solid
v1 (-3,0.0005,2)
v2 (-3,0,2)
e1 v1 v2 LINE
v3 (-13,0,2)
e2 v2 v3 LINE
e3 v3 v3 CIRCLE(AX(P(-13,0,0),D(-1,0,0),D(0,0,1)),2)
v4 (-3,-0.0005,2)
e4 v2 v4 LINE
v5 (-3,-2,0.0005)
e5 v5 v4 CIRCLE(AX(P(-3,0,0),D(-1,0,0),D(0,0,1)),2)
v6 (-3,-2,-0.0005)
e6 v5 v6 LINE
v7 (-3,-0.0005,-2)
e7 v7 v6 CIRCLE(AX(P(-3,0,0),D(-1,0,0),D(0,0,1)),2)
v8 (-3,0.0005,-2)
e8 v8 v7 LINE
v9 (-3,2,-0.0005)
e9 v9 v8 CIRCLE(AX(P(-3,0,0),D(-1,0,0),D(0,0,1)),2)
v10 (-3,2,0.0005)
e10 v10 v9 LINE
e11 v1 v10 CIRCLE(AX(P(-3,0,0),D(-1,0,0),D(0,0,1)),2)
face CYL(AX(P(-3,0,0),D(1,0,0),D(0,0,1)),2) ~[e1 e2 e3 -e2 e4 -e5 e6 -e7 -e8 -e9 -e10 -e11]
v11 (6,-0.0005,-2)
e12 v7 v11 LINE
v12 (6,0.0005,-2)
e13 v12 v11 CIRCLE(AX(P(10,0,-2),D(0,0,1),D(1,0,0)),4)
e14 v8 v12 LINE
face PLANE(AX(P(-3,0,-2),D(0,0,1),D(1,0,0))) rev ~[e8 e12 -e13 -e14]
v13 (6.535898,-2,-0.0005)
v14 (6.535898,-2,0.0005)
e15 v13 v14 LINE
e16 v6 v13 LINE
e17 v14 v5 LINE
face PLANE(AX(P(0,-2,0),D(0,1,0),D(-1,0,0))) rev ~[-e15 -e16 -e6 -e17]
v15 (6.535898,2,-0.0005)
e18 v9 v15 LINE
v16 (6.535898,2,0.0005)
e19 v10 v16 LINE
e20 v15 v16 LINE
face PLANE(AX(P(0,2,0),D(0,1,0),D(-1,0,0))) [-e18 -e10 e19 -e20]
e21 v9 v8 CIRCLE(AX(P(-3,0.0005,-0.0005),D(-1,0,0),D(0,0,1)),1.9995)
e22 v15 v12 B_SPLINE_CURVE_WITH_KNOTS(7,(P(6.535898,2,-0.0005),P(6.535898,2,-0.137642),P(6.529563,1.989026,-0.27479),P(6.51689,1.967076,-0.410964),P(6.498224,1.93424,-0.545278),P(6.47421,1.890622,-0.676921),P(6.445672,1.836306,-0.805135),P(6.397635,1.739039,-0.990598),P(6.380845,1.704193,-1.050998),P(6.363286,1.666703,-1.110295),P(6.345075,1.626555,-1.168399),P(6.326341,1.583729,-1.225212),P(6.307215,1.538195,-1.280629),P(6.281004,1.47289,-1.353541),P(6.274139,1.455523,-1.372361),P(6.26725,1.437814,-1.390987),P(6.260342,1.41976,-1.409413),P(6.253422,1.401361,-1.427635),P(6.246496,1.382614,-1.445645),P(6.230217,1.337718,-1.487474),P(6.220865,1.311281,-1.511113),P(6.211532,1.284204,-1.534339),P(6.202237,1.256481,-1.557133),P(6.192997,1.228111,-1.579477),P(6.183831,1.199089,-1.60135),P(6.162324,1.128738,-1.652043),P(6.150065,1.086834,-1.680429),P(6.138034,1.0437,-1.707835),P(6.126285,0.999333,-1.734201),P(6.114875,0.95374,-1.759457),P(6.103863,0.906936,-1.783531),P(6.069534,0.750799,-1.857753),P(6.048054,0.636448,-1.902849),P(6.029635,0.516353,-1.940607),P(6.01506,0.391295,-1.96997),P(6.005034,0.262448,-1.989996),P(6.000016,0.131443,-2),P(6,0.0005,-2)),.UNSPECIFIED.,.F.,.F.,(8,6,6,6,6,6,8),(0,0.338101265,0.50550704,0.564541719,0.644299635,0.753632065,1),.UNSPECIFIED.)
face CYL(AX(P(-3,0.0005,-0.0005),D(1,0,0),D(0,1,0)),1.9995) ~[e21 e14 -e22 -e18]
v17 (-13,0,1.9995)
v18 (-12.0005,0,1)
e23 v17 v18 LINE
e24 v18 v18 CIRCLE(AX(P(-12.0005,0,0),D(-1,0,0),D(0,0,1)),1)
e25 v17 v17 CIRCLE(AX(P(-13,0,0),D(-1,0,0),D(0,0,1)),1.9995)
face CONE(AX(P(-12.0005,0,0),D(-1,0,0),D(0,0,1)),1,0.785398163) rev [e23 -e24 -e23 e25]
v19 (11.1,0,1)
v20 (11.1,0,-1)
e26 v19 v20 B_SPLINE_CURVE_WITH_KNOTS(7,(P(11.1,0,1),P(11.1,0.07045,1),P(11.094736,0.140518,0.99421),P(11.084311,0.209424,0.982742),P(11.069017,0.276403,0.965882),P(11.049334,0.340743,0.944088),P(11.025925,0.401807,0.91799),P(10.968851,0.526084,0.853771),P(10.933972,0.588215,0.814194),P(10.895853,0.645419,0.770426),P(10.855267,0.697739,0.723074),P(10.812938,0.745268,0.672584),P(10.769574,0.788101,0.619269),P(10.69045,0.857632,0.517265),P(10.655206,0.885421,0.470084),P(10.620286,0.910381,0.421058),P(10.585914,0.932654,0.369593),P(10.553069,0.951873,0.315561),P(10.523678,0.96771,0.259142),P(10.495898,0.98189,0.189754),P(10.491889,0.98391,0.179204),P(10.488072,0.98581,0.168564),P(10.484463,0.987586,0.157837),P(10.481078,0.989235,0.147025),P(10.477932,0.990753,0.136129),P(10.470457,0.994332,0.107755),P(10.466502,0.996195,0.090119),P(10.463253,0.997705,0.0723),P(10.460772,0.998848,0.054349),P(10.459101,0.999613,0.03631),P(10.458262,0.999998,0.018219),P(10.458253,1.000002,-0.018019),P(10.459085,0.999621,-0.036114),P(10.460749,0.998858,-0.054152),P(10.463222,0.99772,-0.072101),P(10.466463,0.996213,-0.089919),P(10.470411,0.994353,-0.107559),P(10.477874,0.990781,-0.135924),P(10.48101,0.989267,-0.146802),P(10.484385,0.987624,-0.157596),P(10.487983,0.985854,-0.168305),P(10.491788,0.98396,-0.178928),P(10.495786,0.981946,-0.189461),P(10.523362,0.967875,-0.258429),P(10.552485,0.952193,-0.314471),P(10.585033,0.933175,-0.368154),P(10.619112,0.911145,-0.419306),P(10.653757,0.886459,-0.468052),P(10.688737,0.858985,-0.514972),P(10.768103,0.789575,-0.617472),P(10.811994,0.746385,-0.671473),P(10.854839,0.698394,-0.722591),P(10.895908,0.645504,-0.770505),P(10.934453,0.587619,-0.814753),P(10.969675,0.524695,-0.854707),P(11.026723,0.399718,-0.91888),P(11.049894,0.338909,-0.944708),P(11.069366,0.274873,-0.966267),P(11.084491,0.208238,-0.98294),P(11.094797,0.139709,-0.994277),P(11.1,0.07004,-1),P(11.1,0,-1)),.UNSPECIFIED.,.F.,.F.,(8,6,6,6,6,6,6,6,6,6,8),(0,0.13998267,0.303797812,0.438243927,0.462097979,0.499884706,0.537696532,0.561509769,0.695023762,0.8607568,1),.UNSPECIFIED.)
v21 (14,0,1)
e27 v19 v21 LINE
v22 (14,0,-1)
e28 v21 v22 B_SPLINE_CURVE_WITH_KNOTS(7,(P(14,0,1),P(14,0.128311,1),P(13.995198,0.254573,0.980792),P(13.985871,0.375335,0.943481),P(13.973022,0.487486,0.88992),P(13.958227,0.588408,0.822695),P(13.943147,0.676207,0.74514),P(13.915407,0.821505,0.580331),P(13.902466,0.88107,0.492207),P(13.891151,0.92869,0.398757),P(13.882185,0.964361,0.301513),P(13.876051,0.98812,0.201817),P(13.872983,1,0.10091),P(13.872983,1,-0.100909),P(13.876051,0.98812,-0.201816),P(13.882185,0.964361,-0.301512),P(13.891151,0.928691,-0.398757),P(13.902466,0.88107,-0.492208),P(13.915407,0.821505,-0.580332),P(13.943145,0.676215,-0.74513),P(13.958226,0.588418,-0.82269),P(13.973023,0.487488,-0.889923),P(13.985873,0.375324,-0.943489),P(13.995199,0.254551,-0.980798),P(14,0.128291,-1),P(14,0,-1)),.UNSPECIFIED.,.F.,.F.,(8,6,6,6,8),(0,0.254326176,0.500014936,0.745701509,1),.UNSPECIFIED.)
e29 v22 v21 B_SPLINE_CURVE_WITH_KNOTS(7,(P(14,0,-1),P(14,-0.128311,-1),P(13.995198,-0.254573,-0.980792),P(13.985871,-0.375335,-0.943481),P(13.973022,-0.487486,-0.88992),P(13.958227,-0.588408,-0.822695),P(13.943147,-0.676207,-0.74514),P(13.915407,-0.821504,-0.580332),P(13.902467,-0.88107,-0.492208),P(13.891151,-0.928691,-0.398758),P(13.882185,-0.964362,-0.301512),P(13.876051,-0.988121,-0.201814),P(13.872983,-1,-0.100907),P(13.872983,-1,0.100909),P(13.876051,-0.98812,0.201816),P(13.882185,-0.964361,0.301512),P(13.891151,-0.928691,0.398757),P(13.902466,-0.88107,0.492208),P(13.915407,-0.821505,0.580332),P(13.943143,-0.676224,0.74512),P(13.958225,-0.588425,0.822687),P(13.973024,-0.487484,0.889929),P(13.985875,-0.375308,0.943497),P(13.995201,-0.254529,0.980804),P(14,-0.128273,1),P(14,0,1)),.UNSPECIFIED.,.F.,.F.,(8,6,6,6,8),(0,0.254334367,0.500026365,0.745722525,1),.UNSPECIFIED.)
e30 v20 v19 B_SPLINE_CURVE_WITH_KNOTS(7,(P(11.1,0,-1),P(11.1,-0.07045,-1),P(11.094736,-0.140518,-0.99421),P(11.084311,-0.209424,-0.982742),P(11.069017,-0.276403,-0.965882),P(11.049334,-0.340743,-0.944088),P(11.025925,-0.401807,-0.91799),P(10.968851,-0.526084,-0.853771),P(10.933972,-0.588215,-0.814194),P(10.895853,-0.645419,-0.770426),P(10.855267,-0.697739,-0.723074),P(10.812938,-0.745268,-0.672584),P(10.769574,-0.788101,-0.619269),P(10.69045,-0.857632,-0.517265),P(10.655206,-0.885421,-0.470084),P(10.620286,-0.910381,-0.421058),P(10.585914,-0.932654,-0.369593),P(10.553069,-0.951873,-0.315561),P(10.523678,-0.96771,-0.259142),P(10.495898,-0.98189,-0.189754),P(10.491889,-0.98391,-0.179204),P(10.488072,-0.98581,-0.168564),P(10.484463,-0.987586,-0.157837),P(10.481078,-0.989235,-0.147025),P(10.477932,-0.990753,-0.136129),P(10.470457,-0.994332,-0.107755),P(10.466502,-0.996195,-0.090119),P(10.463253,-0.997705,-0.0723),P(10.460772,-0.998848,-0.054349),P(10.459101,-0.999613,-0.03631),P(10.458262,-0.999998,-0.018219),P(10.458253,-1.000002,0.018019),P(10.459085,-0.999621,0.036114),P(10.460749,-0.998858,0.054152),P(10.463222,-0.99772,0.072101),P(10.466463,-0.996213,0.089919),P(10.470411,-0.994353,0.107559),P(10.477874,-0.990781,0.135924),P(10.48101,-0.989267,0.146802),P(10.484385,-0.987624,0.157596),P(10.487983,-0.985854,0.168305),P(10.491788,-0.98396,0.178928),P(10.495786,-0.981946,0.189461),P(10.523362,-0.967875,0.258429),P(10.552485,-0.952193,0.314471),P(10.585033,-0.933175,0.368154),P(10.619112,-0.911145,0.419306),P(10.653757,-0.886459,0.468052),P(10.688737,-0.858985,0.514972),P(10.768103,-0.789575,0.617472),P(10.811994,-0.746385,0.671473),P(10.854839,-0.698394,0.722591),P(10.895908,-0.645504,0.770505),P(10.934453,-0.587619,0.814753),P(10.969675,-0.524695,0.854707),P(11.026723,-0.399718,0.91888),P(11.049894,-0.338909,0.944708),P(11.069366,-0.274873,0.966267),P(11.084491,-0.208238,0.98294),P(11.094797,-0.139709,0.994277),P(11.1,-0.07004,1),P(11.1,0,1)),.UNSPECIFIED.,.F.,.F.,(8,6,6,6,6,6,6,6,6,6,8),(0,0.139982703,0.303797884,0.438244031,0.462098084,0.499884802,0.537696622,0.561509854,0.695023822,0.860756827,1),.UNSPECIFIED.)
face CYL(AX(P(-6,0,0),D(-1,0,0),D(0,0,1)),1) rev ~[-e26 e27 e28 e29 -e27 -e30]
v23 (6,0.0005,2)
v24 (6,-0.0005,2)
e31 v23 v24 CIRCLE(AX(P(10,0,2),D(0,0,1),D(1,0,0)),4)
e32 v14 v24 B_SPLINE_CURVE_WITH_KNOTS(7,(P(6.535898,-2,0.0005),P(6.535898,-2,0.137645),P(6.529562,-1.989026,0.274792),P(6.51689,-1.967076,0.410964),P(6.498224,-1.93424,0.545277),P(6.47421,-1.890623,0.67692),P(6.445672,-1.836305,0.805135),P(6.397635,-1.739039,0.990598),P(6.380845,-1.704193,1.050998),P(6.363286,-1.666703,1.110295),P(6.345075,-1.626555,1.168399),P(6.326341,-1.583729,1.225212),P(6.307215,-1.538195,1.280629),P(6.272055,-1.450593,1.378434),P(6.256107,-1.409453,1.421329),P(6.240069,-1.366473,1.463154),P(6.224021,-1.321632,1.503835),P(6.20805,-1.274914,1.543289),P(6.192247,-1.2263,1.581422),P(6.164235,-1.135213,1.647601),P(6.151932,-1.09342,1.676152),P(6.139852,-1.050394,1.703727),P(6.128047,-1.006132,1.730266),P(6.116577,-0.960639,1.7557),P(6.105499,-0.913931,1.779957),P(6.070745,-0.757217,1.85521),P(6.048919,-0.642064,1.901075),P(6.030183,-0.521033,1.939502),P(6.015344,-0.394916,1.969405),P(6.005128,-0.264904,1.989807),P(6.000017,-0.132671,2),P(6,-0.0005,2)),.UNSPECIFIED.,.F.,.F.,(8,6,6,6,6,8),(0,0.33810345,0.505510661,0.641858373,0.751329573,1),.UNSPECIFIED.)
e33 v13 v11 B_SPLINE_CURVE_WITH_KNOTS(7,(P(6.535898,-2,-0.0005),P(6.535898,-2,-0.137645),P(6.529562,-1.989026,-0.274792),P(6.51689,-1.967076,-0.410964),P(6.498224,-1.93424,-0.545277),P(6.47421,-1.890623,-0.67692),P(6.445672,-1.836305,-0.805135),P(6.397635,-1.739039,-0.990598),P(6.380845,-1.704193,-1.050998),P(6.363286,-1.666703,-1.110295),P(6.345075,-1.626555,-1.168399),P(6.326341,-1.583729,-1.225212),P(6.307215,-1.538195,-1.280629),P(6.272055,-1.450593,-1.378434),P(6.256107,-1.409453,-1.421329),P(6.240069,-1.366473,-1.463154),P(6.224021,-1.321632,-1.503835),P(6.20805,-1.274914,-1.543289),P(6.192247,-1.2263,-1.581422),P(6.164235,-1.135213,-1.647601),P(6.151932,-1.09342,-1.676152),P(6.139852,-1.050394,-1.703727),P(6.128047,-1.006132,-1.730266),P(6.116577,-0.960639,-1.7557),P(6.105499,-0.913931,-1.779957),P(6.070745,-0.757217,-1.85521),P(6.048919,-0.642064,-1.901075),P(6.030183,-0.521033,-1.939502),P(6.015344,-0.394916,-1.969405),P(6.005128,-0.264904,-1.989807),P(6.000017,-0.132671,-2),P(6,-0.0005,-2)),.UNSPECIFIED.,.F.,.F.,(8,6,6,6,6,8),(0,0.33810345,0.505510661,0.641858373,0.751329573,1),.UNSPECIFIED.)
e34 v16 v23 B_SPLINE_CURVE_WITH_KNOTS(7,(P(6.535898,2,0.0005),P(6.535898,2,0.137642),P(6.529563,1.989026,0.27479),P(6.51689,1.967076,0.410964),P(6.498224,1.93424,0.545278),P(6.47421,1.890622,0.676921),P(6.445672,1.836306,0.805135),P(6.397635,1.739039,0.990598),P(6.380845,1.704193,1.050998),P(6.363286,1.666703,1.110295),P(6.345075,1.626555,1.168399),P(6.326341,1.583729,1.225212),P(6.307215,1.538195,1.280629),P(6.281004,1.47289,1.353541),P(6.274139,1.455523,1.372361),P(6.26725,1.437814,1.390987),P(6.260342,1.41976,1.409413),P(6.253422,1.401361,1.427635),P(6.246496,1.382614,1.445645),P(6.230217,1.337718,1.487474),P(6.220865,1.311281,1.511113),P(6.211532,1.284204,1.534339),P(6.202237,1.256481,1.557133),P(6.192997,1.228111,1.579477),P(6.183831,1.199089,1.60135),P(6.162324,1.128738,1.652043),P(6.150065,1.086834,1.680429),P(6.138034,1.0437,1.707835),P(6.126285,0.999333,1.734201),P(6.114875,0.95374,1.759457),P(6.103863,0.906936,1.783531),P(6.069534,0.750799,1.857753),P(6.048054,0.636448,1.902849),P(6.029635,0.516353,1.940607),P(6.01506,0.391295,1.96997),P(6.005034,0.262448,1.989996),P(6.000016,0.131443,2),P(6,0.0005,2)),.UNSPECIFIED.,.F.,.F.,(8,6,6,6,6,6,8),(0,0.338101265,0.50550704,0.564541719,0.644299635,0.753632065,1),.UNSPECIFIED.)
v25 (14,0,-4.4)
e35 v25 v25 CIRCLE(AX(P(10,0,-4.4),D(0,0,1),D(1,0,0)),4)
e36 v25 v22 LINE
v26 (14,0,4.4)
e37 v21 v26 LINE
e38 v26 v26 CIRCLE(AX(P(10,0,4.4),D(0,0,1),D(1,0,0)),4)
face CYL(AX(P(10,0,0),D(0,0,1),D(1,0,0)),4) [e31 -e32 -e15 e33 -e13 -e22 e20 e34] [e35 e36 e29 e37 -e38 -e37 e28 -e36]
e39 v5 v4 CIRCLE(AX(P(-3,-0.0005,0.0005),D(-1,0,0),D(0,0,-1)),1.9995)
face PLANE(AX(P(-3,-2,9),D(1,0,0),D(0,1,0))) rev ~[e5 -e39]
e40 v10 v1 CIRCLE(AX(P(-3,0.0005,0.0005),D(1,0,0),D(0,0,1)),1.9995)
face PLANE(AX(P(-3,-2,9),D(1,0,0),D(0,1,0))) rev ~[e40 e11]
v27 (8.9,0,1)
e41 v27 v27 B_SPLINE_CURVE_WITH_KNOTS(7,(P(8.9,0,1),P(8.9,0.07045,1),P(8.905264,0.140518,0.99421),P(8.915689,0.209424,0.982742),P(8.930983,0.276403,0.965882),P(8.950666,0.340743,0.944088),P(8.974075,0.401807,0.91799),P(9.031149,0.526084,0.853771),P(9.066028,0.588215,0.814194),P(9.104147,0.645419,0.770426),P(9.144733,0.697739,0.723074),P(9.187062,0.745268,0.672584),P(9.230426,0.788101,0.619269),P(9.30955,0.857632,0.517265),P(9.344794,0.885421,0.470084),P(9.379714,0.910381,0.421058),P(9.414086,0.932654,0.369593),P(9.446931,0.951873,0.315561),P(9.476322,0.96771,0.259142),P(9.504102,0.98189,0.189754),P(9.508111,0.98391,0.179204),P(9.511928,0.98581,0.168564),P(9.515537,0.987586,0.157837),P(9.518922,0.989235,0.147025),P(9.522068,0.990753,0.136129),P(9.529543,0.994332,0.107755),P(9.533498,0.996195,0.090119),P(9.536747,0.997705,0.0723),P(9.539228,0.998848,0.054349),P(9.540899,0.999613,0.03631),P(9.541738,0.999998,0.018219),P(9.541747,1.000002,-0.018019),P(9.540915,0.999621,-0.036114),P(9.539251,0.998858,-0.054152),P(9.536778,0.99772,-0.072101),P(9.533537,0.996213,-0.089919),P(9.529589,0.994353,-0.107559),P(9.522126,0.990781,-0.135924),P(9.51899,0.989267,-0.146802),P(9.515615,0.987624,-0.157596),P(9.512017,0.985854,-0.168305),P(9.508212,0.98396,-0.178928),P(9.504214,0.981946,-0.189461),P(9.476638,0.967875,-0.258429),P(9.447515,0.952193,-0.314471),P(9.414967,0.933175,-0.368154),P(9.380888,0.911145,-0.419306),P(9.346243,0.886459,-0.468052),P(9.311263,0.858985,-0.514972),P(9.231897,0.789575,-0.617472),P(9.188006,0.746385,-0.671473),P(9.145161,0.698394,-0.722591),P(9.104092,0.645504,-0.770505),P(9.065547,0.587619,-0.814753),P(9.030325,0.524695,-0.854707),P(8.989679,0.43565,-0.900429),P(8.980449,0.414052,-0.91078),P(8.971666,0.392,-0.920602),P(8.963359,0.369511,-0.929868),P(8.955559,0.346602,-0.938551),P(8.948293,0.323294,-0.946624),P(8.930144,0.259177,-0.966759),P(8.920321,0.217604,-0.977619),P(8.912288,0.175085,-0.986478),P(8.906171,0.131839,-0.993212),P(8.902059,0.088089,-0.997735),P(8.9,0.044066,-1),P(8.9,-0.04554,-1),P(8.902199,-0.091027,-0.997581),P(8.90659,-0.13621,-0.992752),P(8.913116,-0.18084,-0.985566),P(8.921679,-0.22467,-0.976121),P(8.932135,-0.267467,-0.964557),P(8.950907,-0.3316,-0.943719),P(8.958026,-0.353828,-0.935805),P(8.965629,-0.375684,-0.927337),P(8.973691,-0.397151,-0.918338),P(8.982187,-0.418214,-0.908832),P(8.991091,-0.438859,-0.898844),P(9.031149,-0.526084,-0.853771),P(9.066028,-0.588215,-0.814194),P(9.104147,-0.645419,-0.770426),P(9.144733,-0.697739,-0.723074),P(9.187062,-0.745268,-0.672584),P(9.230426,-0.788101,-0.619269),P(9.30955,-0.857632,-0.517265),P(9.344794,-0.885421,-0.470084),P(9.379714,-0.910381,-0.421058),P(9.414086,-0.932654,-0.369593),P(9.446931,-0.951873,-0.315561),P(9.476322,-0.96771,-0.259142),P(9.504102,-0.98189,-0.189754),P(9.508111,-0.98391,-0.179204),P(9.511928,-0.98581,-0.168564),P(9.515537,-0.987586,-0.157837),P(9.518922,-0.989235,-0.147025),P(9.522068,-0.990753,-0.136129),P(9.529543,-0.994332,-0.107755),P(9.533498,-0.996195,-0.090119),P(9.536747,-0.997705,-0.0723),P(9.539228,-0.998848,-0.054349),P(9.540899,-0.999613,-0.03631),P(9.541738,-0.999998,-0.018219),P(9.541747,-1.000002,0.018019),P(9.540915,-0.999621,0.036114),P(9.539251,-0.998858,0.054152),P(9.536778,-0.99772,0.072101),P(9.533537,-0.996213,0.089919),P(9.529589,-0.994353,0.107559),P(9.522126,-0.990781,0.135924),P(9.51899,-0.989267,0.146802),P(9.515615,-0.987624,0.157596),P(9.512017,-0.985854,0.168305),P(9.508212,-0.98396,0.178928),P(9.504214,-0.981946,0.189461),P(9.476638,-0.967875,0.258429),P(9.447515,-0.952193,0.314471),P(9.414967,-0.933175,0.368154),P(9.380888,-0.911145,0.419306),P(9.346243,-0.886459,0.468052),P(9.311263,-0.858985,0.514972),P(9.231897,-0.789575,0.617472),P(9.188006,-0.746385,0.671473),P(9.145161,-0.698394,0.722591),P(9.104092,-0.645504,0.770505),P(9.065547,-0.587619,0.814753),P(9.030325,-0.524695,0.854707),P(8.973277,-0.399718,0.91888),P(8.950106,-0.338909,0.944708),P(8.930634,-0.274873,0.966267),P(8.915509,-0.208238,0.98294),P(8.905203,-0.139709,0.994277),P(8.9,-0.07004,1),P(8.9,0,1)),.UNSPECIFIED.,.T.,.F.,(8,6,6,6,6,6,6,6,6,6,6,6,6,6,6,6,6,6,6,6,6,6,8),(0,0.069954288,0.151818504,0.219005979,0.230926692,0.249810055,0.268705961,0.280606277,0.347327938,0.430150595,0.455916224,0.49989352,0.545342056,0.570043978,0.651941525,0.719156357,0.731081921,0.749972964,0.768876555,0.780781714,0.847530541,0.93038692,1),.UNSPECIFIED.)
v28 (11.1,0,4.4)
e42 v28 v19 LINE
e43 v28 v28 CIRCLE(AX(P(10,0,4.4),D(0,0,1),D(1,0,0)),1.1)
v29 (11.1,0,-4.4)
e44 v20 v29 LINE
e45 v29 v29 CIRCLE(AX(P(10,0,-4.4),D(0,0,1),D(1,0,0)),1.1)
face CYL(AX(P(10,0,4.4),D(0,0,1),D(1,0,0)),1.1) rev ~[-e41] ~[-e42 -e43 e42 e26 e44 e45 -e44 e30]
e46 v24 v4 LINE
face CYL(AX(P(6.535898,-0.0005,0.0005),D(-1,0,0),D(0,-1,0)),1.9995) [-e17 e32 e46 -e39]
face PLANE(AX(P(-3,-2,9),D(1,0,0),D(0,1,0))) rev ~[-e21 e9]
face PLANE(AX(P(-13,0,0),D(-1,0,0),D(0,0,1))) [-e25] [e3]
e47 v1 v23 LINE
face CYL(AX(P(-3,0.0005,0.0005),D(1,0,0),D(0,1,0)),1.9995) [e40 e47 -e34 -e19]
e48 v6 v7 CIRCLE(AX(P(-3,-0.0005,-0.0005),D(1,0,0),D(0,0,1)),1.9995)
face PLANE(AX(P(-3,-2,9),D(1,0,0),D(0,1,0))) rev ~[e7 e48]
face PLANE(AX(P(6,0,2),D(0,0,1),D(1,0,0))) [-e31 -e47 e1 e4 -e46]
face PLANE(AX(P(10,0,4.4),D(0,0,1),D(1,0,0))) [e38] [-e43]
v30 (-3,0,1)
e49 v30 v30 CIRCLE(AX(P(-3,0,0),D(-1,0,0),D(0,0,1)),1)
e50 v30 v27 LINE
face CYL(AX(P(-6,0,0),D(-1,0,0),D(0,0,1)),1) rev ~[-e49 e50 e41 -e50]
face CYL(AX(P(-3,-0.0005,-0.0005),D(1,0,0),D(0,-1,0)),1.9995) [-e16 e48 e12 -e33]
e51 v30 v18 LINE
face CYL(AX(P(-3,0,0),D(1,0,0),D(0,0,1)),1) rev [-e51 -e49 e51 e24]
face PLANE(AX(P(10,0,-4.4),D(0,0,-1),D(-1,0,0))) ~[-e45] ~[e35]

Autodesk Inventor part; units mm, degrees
ref_plane "YZ Plane" through (0, 0, 0) normal (1, 0, 0) x (0, 1, 0)
ref_plane "XZ Plane" through (0, 0, 0) normal (0, 1, 0) x (-1, 0, 0)
ref_plane "XY Plane" through (0, 0, 0) normal (0, 0, 1) x (1, 0, 0)
sketch "Sketch1" plane through (0, 0, 0) normal (0, 0, 1) x (1, 0, 0)
  circle A0 centre (-10, 0) radius 1
  circle A1 centre (10, 0) radius 1
  circle A2 centre (-10, 0) radius 4
  circle A3 centre (10, 0) radius 4
  point P0 (0, 0)
  dimension "d0" = 2
  dimension "d1" = 2
  dimension "d3" = 20
  dimension "d4" = 10
  dimension "d5" = 8
  dimension "d6" = 8
extrude "Extrusion1" add sketch "Sketch1" against normal mid plane 18
sketch "Sketch2" plane through (0, 0, 0) normal (0, 0, 1) x (1, 0, 0)
  circle A0 centre (-10, 0) radius 4 projected
  circle A1 centre (-10, 0) radius 1 projected
  point P0 (0, 0)
extrude "Extrusion2" cut sketch "Sketch2" against normal mid plane 9
sketch "Sketch3" plane through (-10, 0, -4.5) normal (0, 0, 1) x (1, 0, 0)
  circle A0 centre (20, 0) radius 4 projected
  circle A1 centre (20, 0) radius 4 projected
  circle A2 centre (20, 0) radius 1 projected
  point P0 (10, 0)
extrude "Extrusion3" cut sketch "Sketch3" against normal blind 4.5
mirror "Mirror1" about plane through (0, 0, 0) normal (0, 0, 1) of "Extrusion3"
sketch "Sketch6" plane through (0, 0, 0) normal (0, 1, 0) x (-1, 0, 0)
  line L0 (-6, -4.5) -> (-9, -4.5) construction
  line L1 (-9, -4.5) -> (-9, 4.5) construction
  line L2 (-9, 4.5) -> (-6, 4.5) construction
  line L3 (-6, 4.5) -> (-6, -4.5) construction
  line L4 (-11, -4.5) -> (-14, -4.5) construction
  line L5 (-14, -4.5) -> (-14, 4.5) construction
  line L6 (-14, 4.5) -> (-11, 4.5) construction
  line L7 (-11, 4.5) -> (-11, -4.5) construction
  line L8 (6, 9) -> (9, 9) construction
  line L9 (9, 9) -> (9, 4.5) construction
  line L10 (9, 4.5) -> (6, 4.5) construction
  line L11 (6, 4.5) -> (6, 9) construction
  line L12 (11, 9) -> (14, 9) construction
  line L13 (14, 9) -> (14, 4.5) construction
  line L14 (14, 4.5) -> (11, 4.5) construction
  line L15 (11, 4.5) -> (11, 9) construction
  line L16 (14, -9) -> (11, -9) construction
  line L17 (11, -9) -> (11, -4.5) construction
  line L18 (11, -4.5) -> (14, -4.5) construction
  line L19 (14, -4.5) -> (14, -9) construction
  line L20 (9, -9) -> (6, -9) construction
  line L21 (6, -9) -> (6, -4.5) construction
  line L22 (6, -4.5) -> (9, -4.5) construction
  line L23 (9, -4.5) -> (9, -9) construction
  line L24 (6, -9) -> (14, -9) construction
  line L25 (6, -9) -> (3, -9)
  line L26 (3, -9) -> (3, -2)
  line L27 (3, -2) -> (-6, -2)
  line L28 (-6, 4.5) -> (-6, -4.5) construction
  line L29 (-6, 2) -> (3, 2)
  line L30 (3, 2) -> (3, 9)
  line L31 (3, 9) -> (6, 9)
  line L32 (6, -4.5) -> (14, -4.5) construction
  line L33 (6, -4.5) -> (6, 4.5)
  line L34 (-6, -2) -> (-9, -2)
  line L35 (-9, -4.5) -> (-9, 4.5) projected
  line L36 (-6, 2) -> (-9, 2)
  line L37 (6, -9) -> (9, -9)
  line L38 (9, -4.5) -> (6, -4.5)
  line L39 (11, -4.5) -> (9, -4.5) projected
  line L40 (9, -4.5) -> (9, -9)
  line L41 (9, -9) -> (9, -4.5) projected
  line L42 (9, 4.5) -> (11, 4.5) projected
  line L43 (14, 4.5) -> (6, 4.5) projected
  line L44 (9, 4.5) -> (6, 4.5)
  line L45 (9, 9) -> (11, 9) projected
  line L46 (9, 4.5) -> (9, 9)
  line L47 (14, 9) -> (6, 9) projected
  line L48 (9, 9) -> (6, 9)
  point P0 (0, 0)
  dimension "d16" = 3
  dimension "d17" = 4
  dimension "d18" = 2
extrude "Extrusion4" add sketch "Sketch6" against normal mid plane 4
sketch "Sketch7" plane through (-6, -2, -4.5) normal (-1, 0, 0) x (0, 0, 1)
  circle A0 centre (4.5, 2) radius 1
  dimension "d21" = 2
extrude "Extrusion5" cut sketch "Sketch7" against normal blind 20
chamfer "Chamfer1" distance 1 angle 45 1 edges at (-6, 0, -1)
fillet "Fillet1" radius 2 4 edges at (1.7679, 2, 2) (1.7679, 2, -2) (1.7679, -2, -2) (1.7679, -2, 2)
sketch "Sketch9" plane through (0, 0, 9) normal (0, 0, 1) x (1, 0, 0)
  circle A0 centre (-10, 0) radius 1 projected
  circle A1 centre (-10, 0) radius 0.9
  point P0 (0, 0)
  dimension "d29" = 1.8
extrude "TREAD" add sketch "Sketch9" against normal up to surface (4.5 mm away)
sketch "Sketch11" plane through (10, 0, 4.5) normal (0, 0, 1) x (1, 0, 0)
  circle A0 centre (0, 0) radius 4 projected
  circle A1 centre (0, 0) radius 1 projected
  point P0 (-10, 0)
extrude "thin" cut sketch "Sketch11" against normal blind 0.1
mirror "Mirror2" about plane through (0, 0, 0) normal (0, 0, 1) of "thin"
sketch "Sketch12" plane through (10, 0, 4.4) normal (0, 0, 1) x (1, 0, 0)
  circle A0 centre (0, 0) radius 1 construction
  circle A1 centre (0, 0) radius 1.1
  point P0 (-10, 0)
  dimension "d34" = 2.2
extrude "Extrusion8" cut sketch "Sketch12" against normal up to surface (8.8 mm away)
sketch "Sketch13" plane through (0, 0, 9) normal (0, 0, 1) x (1, 0, 0)
  circle A0 centre (-10, 0) radius 0.9 projected
  arc A1 (-6.5359, 2) -> (-6.5359, -2) centre (-10, 0) ccw projected
  line L0 (-3, -2) -> (-6.5359, -2) projected
  line L1 (-3, -2) -> (-3, 2) projected
  line L2 (-6.5359, 2) -> (-3, 2) projected
  point P0 (0, 0)
extrude "Extrusion9" cut sketch "Sketch13" against normal through all
sketch "Sketch14" plane through (-3, 0, 0) normal (-1, 0, 0) x (0, 0, 1)
  circle A0 centre (0, 0) radius 2 projected
  circle A1 centre (0, 0) radius 1 projected
extrude "Extrusion10" add sketch "Sketch14" along normal blind 10
chamfer "Chamfer2" distance 1 angle 45 1 edges at (-13, 0, -1)
equation "\"d4\" = 0.5 * d3"
equation "\"d6\" = d5"
equation "\"d18\" = 0.5 * d17"
properties part number "Tolerenced_Phalalnge_20_TIPmm"
